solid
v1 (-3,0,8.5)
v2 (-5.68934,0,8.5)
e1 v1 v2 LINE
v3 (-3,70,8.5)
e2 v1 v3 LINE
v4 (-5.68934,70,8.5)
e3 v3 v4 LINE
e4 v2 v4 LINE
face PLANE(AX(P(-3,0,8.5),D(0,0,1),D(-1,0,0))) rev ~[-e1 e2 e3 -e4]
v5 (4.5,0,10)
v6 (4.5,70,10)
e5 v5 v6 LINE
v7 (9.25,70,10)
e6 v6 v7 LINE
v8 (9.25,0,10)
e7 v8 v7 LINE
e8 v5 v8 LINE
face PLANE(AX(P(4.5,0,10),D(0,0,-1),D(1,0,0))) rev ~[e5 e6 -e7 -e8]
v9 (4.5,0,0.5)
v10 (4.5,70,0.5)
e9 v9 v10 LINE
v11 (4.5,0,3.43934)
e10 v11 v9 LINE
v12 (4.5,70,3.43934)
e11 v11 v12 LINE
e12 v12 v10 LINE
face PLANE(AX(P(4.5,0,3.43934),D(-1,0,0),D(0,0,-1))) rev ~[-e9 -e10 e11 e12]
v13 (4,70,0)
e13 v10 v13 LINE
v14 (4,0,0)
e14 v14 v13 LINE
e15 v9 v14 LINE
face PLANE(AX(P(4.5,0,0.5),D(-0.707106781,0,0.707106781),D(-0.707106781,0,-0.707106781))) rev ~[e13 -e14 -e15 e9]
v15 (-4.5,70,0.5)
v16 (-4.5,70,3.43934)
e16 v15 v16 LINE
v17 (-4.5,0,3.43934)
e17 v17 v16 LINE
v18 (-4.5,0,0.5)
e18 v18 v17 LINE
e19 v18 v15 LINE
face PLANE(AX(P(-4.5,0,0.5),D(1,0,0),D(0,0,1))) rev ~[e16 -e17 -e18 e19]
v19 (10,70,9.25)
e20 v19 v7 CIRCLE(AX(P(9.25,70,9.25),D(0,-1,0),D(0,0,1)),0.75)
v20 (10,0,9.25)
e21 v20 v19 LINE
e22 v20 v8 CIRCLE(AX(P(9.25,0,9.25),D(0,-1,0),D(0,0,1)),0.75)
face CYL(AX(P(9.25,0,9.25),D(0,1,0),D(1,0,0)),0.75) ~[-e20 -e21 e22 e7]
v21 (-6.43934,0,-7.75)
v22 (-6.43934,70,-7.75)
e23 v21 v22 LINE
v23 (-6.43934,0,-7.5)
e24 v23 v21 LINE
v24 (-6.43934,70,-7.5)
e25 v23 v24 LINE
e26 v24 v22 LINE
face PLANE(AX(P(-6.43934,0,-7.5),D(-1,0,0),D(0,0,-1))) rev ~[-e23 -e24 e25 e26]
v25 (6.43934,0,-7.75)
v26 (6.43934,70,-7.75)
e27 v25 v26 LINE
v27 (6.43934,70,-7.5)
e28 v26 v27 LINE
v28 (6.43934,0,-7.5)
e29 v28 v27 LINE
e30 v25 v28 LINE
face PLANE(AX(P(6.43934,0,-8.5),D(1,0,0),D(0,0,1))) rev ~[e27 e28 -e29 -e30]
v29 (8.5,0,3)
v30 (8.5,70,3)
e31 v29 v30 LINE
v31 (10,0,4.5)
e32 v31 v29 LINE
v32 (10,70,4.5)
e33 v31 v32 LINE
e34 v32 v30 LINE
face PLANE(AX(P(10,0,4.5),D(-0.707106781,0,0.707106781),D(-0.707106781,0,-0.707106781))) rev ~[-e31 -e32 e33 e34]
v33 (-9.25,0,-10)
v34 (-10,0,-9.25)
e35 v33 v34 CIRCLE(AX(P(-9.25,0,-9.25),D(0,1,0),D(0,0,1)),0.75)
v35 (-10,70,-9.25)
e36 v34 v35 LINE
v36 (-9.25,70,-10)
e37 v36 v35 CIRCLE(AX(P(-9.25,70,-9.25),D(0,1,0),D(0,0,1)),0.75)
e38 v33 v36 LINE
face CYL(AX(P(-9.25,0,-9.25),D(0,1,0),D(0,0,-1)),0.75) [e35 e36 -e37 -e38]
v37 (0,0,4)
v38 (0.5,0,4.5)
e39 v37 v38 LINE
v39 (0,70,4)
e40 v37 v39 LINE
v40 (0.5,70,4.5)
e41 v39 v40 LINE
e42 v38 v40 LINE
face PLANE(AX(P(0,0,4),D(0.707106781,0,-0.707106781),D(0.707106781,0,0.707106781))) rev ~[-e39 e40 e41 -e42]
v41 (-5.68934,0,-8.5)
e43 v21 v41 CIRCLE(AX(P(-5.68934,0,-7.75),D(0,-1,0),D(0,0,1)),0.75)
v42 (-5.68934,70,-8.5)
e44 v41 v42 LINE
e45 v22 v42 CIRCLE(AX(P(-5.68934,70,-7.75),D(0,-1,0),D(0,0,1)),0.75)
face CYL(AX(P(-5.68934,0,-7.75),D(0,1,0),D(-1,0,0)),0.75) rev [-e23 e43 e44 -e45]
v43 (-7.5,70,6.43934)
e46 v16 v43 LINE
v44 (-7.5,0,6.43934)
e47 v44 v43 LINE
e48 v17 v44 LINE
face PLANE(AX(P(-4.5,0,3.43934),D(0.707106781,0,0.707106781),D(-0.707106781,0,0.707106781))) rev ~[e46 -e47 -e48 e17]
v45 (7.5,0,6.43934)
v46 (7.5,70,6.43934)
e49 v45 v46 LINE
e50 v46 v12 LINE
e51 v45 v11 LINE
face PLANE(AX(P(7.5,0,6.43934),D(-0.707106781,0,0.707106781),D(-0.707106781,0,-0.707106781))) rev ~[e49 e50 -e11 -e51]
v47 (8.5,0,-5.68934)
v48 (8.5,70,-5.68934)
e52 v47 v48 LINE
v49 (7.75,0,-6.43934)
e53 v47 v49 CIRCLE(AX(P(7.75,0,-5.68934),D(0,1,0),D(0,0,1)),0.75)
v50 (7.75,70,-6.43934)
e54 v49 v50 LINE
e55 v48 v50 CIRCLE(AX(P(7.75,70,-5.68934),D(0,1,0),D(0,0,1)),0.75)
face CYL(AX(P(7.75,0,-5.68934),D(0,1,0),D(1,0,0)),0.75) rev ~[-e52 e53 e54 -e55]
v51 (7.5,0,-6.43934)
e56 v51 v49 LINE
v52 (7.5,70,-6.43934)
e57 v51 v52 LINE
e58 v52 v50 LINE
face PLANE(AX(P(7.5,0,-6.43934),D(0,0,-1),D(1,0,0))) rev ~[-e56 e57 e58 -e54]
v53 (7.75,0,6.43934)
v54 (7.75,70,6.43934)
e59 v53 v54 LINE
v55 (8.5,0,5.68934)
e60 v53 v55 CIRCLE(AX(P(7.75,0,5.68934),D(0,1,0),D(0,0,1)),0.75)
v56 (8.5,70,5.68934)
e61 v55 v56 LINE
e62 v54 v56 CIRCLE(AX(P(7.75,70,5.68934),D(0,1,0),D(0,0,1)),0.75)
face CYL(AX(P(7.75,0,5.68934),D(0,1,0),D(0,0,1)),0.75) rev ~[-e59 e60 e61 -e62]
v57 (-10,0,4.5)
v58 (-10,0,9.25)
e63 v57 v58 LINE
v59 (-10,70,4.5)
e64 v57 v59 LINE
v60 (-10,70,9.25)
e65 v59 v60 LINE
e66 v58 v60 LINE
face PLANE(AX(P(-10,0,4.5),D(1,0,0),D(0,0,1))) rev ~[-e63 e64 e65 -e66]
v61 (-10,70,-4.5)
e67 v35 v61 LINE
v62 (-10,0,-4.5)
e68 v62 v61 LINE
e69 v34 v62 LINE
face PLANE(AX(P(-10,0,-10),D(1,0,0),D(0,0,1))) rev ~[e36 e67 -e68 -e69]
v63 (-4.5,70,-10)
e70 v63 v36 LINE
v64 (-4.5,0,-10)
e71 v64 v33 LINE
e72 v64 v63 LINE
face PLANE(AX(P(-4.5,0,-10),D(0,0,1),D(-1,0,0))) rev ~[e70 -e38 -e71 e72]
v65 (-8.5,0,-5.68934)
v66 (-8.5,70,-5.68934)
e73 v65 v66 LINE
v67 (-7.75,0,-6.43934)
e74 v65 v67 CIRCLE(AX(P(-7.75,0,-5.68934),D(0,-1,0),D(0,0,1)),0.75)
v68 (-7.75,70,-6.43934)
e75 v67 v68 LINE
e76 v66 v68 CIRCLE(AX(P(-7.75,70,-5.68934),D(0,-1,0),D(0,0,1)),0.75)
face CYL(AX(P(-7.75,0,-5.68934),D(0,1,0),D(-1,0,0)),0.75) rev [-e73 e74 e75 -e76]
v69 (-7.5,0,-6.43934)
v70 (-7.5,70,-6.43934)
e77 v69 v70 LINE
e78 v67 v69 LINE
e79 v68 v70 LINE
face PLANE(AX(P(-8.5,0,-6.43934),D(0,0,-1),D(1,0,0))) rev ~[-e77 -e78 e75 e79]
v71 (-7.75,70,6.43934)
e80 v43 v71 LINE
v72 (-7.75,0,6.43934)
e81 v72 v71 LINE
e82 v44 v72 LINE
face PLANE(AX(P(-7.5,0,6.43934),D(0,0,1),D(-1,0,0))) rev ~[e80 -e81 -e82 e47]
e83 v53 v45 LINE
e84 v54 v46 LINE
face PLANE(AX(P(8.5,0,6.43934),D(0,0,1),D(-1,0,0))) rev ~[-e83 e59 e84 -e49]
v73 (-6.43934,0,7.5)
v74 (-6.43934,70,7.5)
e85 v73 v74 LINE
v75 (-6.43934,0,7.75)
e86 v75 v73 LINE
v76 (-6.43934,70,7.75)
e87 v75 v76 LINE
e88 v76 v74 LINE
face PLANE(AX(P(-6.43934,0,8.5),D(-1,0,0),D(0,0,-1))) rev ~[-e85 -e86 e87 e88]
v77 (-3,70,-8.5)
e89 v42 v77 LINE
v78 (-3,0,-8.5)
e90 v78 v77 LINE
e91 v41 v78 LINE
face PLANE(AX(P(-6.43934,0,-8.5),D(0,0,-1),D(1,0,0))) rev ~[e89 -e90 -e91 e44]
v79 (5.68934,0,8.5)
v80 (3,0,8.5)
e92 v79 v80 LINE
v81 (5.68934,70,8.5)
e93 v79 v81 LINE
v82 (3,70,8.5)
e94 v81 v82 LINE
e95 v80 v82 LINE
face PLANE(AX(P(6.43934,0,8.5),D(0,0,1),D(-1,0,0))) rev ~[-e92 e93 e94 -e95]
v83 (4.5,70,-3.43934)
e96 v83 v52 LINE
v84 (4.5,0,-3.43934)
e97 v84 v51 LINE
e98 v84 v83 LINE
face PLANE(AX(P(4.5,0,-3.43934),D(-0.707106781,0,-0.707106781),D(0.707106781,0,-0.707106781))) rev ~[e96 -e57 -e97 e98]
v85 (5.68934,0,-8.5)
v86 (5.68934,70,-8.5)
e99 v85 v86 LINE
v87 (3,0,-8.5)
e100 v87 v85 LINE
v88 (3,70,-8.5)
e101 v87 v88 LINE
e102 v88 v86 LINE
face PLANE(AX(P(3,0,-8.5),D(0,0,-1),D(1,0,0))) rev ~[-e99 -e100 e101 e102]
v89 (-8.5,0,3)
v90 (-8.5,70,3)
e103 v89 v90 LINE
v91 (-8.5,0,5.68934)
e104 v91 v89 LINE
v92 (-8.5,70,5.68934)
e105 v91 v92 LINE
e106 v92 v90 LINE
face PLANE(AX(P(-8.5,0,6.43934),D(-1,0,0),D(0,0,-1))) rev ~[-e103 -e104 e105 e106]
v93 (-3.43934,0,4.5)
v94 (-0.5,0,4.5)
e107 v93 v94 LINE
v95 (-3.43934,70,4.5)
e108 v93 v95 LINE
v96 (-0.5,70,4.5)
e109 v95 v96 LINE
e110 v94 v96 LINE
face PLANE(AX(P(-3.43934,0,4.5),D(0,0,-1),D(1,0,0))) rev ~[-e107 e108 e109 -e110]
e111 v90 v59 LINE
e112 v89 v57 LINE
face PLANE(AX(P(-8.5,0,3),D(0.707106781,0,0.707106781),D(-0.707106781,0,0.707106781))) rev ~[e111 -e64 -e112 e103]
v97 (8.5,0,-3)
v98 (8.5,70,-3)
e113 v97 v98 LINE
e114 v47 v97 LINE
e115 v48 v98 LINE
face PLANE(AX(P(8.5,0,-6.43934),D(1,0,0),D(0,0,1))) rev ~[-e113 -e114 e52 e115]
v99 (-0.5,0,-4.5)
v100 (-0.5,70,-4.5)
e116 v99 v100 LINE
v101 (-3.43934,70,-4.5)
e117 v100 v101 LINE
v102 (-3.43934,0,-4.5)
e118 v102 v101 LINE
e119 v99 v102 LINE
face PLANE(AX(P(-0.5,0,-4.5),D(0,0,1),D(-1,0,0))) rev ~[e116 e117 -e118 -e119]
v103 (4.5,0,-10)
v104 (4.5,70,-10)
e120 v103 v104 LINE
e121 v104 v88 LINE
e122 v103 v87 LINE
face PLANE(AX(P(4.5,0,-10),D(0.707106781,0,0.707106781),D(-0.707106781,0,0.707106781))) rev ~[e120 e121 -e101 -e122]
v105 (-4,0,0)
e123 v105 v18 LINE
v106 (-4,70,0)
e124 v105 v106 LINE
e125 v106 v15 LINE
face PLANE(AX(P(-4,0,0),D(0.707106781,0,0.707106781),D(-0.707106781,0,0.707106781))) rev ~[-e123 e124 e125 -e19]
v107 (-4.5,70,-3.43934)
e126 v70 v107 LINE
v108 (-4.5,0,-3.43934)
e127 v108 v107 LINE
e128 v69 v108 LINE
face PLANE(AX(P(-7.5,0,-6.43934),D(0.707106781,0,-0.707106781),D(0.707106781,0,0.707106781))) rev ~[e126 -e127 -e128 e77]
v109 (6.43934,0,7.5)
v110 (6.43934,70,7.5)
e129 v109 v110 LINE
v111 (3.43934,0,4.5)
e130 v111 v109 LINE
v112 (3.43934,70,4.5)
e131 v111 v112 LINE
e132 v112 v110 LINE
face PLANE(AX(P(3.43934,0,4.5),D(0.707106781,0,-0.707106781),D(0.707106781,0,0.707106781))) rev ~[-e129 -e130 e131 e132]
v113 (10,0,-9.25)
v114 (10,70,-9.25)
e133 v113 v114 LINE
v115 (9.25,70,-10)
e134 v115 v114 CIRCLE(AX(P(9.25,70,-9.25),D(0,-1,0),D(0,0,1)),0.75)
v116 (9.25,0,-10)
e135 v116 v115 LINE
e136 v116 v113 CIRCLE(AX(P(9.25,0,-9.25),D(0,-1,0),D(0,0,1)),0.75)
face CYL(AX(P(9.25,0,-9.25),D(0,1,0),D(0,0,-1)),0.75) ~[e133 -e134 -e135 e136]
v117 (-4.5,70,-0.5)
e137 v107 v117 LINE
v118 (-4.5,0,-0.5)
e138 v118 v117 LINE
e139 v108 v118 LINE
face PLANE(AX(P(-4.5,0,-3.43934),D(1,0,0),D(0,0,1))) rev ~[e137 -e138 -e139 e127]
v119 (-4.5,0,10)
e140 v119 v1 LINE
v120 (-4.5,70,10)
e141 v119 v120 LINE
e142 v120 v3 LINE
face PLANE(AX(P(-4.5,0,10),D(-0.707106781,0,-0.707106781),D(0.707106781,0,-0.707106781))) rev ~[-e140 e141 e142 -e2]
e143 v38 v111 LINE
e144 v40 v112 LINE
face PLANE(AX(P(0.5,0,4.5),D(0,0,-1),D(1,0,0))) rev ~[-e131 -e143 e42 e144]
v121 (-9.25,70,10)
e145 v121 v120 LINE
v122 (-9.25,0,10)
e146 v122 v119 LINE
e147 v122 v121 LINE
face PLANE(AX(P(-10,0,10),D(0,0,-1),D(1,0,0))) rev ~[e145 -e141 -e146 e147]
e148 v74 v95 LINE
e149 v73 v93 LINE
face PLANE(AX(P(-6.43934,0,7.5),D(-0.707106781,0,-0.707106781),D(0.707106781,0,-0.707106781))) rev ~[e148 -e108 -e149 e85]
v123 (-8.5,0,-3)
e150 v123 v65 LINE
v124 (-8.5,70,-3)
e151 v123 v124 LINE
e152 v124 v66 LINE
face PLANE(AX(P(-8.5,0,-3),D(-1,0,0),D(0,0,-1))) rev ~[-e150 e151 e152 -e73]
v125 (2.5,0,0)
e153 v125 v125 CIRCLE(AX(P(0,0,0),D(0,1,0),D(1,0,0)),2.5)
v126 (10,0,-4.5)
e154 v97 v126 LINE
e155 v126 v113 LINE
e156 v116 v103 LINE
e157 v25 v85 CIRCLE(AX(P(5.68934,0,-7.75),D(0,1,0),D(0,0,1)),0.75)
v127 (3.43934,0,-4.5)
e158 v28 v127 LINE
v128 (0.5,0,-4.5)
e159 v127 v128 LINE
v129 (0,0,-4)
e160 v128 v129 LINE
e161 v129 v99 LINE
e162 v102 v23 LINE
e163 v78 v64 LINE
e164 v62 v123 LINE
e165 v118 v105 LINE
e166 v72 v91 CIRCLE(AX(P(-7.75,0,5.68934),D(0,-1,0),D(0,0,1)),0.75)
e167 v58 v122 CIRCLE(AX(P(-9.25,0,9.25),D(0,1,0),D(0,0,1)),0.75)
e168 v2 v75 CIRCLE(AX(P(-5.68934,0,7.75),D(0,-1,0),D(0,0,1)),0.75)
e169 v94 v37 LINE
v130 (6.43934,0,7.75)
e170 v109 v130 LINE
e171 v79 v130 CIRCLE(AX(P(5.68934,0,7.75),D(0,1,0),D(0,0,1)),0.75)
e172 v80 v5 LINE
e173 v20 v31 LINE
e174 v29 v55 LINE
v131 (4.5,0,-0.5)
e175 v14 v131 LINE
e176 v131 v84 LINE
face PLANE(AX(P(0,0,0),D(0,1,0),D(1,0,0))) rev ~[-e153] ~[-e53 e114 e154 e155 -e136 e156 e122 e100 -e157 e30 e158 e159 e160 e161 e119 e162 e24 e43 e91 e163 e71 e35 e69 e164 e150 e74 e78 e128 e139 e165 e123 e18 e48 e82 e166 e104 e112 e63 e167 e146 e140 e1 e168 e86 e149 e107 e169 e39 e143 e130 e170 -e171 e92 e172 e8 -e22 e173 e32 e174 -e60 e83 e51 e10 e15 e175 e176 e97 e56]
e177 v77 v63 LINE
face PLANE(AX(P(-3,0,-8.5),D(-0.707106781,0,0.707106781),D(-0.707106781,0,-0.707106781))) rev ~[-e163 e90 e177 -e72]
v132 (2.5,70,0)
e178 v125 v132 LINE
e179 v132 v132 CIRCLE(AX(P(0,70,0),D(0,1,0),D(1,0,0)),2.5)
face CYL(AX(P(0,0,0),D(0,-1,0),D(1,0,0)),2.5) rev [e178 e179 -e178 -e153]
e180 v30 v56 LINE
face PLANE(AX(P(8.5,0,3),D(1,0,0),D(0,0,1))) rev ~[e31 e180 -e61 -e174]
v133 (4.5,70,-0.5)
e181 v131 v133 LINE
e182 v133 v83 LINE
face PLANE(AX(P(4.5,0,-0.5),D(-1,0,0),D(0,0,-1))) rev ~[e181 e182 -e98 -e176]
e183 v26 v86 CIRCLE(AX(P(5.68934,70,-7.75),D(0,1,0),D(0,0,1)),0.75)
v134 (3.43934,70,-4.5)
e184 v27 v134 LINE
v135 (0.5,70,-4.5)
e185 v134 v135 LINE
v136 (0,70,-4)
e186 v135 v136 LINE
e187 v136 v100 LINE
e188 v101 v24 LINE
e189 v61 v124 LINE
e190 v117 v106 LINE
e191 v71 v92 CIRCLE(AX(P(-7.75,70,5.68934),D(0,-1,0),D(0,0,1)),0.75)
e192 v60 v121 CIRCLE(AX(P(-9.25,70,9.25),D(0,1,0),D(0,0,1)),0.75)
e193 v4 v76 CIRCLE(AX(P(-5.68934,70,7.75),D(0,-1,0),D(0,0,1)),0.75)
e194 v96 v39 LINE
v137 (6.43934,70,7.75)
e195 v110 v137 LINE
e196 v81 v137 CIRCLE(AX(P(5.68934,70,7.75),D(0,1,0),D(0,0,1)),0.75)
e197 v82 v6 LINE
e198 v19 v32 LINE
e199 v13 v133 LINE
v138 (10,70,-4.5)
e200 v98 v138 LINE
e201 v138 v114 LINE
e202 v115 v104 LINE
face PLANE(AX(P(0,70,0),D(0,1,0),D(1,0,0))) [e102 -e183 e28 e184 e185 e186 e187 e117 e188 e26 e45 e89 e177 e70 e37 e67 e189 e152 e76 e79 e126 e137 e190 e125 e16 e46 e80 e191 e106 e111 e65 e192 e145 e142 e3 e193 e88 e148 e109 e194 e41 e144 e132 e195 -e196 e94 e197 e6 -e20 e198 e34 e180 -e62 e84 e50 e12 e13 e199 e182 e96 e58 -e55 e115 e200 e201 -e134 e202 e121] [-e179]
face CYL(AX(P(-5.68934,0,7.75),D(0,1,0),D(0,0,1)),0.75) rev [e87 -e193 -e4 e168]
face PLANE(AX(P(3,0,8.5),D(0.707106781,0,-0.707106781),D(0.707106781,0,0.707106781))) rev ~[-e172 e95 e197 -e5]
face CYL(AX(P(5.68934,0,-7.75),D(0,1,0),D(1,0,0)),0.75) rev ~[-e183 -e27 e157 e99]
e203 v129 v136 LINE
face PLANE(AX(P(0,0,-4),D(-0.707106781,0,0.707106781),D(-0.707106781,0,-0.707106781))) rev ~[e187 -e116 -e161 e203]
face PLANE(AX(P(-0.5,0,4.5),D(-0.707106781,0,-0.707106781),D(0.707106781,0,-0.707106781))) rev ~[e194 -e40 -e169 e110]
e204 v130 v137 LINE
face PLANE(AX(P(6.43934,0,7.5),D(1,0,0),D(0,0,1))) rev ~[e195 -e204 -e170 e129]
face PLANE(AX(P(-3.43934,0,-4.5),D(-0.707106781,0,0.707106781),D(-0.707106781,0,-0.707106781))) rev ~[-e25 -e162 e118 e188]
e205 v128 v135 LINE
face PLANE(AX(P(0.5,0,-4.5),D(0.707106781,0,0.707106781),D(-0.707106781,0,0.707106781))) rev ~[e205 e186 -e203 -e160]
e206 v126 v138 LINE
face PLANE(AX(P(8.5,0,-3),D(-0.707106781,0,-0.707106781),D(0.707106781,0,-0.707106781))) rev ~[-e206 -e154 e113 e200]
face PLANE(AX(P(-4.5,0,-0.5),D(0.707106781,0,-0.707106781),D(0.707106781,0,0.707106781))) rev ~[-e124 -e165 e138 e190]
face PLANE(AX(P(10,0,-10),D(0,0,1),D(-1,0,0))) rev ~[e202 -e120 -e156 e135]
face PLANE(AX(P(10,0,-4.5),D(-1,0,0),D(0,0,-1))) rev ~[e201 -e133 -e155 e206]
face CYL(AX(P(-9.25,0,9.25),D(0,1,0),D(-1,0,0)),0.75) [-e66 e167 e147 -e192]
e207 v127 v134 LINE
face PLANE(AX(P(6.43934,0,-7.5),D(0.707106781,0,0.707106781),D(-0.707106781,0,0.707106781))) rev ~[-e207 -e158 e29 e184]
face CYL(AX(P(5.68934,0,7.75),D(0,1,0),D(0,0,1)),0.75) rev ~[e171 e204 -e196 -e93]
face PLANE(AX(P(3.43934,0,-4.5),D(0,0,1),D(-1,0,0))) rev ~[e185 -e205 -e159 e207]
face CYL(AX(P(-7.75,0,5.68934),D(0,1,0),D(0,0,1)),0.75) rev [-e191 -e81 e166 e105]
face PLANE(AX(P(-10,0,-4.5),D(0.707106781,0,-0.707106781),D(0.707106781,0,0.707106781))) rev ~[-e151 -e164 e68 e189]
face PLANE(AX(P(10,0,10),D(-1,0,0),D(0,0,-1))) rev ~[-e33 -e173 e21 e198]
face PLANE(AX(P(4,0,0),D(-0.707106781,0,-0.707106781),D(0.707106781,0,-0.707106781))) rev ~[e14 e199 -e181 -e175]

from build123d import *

# Parameters (mm, degrees)
ESQUISSE1_R      = 2.5
EXTRUSION1_DEPTH = 70
CONG_1_R         = 0.75


with BuildPart() as part:
    # Esquisse1 → Extrusion1 (new body)
    with BuildSketch(Plane(origin=(0, 0, 0), x_dir=(1, 0, 0), z_dir=(0, 1, 0))):
        Polygon((0, 4), (-0.5, 4.5), (-3.439339828, 4.5), (-6.439339828, 7.5), (-6.439339828, 8.5), (-3, 8.5), (-4.5, 10), (-10, 10), (-10, 4.5), (-8.5, 3), (-8.5, 6.439339828), (-7.5, 6.439339828), (-4.5, 3.439339828), (-4.5, 0.5), (-4, 0), (-4.5, -0.5), (-4.5, -3.439339828), (-7.5, -6.439339828), (-8.5, -6.439339828), (-8.5, -3), (-10, -4.5), (-10, -10), (-4.5, -10), (-3, -8.5), (-6.439339828, -8.5), (-6.439339828, -7.5), (-3.439339828, -4.5), (-0.5, -4.5), (0, -4), (0.5, -4.5), (3.439339828, -4.5), (6.439339828, -7.5), (6.439339828, -8.5), (3, -8.5), (4.5, -10), (10, -10), (10, -4.5), (8.5, -3), (8.5, -6.439339828), (7.5, -6.439339828), (4.5, -3.439339828), (4.5, -0.5), (4, 0), (4.5, 0.5), (4.5, 3.439339828), (7.5, 6.439339828), (8.5, 6.439339828), (8.5, 3), (10, 4.5), (10, 10), (4.5, 10), (3, 8.5), (6.439339828, 8.5), (6.439339828, 7.5), (3.439339828, 4.5), (0.5, 4.5), align=None)
        Circle(ESQUISSE1_R, mode=Mode.SUBTRACT)
    extrude(amount=EXTRUSION1_DEPTH)

    # Congé1
    cong_1_edges = [part.edges().sort_by_distance(p)[0] for p in [
        (6.439339828, 35, -8.5),
        (10, 35, -10),
        (8.5, 35, -6.439339828),
        (8.5, 35, 6.439339828),
        (10, 35, 10),
        (6.439339828, 35, 8.5),
        (-6.439339828, 35, 8.5),
        (-10, 35, 10),
        (-8.5, 35, 6.439339828),
        (-8.5, 35, -6.439339828),
        (-10, 35, -10),
        (-6.439339828, 35, -8.5),
    ]]
    fillet(cong_1_edges, radius=CONG_1_R)


solid = part.part
